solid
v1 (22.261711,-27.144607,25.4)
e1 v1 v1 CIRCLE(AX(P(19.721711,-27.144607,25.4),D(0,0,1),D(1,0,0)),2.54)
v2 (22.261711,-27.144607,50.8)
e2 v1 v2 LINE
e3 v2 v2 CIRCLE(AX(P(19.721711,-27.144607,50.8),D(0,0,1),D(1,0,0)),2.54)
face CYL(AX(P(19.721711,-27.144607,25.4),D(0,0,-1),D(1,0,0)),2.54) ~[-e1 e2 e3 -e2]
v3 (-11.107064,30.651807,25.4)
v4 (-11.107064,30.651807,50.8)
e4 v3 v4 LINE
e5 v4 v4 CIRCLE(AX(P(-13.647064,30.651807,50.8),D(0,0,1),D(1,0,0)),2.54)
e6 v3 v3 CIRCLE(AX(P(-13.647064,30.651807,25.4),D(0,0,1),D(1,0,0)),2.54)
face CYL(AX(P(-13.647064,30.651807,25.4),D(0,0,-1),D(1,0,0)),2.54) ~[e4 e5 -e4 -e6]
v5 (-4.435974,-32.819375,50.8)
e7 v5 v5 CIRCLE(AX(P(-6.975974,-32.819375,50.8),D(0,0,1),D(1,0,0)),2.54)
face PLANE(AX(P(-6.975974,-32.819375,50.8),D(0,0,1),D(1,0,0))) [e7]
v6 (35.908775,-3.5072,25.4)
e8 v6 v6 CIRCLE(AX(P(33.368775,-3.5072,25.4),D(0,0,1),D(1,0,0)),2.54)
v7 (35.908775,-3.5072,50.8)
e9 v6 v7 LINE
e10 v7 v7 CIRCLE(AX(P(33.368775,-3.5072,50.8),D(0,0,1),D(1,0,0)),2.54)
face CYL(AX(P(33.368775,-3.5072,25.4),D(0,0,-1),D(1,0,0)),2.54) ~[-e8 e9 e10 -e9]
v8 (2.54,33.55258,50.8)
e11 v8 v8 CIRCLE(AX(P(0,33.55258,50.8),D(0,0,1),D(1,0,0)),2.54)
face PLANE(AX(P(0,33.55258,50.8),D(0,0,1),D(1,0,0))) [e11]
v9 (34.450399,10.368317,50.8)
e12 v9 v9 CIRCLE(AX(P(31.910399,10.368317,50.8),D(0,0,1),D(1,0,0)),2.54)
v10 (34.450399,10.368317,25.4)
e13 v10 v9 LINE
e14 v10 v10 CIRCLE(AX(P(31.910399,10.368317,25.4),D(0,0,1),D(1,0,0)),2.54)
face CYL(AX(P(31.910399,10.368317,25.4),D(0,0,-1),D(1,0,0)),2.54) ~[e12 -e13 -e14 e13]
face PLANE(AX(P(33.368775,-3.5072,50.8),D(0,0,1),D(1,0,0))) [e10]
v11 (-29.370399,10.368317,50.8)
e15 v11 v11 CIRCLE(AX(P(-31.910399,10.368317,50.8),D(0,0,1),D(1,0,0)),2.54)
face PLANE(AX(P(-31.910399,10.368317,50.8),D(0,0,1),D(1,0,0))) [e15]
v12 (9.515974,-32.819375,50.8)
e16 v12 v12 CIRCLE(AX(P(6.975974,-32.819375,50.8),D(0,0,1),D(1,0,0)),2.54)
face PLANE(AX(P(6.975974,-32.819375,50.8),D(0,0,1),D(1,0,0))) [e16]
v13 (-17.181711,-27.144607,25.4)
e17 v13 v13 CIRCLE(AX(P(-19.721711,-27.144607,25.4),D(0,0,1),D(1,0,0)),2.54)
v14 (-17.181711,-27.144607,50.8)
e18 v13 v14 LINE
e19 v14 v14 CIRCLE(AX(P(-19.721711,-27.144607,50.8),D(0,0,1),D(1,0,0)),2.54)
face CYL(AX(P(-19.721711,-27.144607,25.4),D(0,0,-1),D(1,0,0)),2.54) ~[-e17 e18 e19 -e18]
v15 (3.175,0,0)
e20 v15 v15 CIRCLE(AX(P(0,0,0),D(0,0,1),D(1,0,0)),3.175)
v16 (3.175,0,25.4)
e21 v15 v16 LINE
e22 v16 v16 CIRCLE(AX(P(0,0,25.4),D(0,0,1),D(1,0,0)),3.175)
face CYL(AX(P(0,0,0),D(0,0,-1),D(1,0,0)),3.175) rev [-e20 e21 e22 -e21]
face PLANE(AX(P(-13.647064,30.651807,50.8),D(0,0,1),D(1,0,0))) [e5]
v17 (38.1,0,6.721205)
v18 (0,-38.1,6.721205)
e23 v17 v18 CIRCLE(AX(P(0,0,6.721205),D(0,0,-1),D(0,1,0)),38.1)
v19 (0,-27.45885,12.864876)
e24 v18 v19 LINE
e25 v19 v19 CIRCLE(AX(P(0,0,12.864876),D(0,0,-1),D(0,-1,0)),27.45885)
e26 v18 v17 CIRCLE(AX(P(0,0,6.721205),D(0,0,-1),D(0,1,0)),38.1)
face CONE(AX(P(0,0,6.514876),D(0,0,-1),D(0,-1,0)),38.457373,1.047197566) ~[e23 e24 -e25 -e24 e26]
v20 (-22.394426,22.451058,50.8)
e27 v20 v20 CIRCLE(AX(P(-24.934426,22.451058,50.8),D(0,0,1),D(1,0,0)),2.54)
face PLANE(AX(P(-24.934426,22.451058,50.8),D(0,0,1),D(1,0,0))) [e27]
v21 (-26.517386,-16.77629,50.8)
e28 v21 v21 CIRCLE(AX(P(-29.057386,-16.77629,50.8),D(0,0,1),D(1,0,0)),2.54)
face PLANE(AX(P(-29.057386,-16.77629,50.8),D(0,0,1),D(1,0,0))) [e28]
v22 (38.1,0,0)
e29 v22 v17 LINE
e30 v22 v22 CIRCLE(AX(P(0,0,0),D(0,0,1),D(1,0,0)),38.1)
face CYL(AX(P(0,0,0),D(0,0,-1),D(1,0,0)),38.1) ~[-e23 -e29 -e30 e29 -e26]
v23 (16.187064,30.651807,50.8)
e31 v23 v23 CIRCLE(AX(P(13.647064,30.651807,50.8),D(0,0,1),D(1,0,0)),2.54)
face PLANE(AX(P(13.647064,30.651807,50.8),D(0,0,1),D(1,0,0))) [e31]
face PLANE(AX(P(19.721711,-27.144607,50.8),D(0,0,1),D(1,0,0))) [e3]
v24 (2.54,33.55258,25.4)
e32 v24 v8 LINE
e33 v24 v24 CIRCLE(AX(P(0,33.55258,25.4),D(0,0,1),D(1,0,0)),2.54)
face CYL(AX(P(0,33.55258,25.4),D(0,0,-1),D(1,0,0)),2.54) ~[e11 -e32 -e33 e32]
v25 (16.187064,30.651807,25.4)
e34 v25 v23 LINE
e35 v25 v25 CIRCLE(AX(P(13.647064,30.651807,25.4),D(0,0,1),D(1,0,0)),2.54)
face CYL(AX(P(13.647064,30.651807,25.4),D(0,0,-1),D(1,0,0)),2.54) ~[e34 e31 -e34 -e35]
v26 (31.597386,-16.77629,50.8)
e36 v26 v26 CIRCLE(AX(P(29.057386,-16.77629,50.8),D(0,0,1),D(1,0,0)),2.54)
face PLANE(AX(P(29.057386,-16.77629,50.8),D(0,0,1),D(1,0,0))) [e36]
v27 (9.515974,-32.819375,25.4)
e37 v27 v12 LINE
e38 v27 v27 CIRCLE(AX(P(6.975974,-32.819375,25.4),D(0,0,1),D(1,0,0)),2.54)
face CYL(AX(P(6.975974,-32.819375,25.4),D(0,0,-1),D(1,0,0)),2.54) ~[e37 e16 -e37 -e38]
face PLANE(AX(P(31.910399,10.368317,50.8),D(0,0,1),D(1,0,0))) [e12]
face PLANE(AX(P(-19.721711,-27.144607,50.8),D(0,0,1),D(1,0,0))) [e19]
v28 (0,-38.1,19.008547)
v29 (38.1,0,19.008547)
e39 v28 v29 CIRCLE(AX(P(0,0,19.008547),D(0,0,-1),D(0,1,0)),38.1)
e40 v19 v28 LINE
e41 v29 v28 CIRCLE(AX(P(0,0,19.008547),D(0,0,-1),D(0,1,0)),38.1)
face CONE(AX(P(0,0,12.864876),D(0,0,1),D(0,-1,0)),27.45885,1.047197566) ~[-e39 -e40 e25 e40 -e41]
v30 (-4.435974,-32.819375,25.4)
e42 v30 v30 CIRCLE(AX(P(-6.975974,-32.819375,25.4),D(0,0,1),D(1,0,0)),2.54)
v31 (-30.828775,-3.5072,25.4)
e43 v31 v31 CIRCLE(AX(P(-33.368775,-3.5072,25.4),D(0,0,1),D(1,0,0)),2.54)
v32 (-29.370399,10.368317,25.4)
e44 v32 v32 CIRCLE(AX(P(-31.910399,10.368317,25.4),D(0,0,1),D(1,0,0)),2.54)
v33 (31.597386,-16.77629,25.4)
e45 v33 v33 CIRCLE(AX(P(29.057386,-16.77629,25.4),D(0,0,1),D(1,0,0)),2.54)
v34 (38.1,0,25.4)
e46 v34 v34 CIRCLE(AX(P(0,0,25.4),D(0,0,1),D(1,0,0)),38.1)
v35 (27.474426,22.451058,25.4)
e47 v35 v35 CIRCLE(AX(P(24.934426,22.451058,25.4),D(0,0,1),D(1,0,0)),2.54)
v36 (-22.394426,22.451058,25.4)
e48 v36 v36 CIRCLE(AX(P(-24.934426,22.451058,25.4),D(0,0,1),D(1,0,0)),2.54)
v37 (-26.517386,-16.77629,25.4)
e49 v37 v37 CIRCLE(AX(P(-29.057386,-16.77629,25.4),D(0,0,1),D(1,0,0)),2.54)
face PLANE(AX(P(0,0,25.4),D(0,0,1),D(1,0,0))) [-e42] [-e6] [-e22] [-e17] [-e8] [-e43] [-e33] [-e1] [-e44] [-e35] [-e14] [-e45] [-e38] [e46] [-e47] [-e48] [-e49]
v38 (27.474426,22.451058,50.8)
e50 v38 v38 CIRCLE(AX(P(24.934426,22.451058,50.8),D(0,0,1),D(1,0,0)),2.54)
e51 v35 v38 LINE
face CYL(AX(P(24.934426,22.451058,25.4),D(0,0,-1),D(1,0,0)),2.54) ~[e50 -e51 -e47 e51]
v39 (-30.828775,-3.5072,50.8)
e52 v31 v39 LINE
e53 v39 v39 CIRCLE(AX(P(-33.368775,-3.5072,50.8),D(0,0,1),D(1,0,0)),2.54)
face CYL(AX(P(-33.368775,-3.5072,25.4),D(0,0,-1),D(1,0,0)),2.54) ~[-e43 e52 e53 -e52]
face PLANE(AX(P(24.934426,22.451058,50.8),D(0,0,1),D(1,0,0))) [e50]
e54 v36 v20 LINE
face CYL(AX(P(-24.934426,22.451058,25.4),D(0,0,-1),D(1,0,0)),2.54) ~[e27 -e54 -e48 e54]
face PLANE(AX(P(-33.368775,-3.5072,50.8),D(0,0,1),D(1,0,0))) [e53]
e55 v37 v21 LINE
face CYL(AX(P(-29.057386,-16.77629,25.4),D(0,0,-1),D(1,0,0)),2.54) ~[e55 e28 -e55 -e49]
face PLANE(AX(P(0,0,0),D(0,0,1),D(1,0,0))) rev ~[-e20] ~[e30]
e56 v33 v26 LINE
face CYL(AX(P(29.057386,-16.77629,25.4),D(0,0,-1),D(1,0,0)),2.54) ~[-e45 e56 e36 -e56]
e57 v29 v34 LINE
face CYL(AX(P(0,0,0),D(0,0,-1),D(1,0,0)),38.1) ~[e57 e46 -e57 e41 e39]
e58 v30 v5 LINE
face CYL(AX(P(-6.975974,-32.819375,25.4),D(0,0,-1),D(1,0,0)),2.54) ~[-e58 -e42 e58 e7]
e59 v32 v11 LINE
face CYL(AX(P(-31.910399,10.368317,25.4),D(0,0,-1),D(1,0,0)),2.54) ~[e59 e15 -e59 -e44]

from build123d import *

# Parameters (mm, degrees)
F0_R     = 38.1
F0_R_2   = 3.175
F1_DEPTH = 25.4
F2_R     = 2.54
F3_DEPTH = 25.4


with BuildPart() as f1:
    # F0 (on Top) → F1 (new body)
    with BuildSketch(Plane.XY):
        Circle(F0_R)
        Circle(F0_R_2, mode=Mode.SUBTRACT)
    extrude(amount=F1_DEPTH)

    # F2 (on face) → F3 (join)
    with BuildSketch(Plane.XY.offset(25.4)):
        with Locations((13.647064, 30.651807)):
            Circle(F2_R)
        with Locations((0, 33.55258)):
            Circle(F2_R)
        with Locations((-13.647064, 30.651807)):
            Circle(F2_R)
        with Locations((-24.934426, 22.451058)):
            Circle(F2_R)
        with Locations((-31.910399, 10.368317)):
            Circle(F2_R)
        with Locations((-33.368775, -3.5072)):
            Circle(F2_R)
        with Locations((-29.057386, -16.77629)):
            Circle(F2_R)
        with Locations((-19.721711, -27.144607)):
            Circle(F2_R)
        with Locations((-6.975974, -32.819375)):
            Circle(F2_R)
        with Locations((6.975974, -32.819375)):
            Circle(F2_R)
        with Locations((19.721711, -27.144607)):
            Circle(F2_R)
        with Locations((29.057386, -16.77629)):
            Circle(F2_R)
        with Locations((33.368775, -3.5072)):
            Circle(F2_R)
        with Locations((31.910399, 10.368317)):
            Circle(F2_R)
        with Locations((24.934426, 22.451058)):
            Circle(F2_R)
    extrude(amount=F3_DEPTH)

    # F5 (on Right) → F6 (revolve, cut)
    with BuildSketch(Plane.YZ):
        Polygon((-27.45885, 12.864876), (-38.457373, 19.214876), (-38.457373, 6.514876), align=None)
    revolve(axis=Axis((0, 0, 4.729655), (0, 0, -1)), mode=Mode.SUBTRACT)


solid = f1.part
